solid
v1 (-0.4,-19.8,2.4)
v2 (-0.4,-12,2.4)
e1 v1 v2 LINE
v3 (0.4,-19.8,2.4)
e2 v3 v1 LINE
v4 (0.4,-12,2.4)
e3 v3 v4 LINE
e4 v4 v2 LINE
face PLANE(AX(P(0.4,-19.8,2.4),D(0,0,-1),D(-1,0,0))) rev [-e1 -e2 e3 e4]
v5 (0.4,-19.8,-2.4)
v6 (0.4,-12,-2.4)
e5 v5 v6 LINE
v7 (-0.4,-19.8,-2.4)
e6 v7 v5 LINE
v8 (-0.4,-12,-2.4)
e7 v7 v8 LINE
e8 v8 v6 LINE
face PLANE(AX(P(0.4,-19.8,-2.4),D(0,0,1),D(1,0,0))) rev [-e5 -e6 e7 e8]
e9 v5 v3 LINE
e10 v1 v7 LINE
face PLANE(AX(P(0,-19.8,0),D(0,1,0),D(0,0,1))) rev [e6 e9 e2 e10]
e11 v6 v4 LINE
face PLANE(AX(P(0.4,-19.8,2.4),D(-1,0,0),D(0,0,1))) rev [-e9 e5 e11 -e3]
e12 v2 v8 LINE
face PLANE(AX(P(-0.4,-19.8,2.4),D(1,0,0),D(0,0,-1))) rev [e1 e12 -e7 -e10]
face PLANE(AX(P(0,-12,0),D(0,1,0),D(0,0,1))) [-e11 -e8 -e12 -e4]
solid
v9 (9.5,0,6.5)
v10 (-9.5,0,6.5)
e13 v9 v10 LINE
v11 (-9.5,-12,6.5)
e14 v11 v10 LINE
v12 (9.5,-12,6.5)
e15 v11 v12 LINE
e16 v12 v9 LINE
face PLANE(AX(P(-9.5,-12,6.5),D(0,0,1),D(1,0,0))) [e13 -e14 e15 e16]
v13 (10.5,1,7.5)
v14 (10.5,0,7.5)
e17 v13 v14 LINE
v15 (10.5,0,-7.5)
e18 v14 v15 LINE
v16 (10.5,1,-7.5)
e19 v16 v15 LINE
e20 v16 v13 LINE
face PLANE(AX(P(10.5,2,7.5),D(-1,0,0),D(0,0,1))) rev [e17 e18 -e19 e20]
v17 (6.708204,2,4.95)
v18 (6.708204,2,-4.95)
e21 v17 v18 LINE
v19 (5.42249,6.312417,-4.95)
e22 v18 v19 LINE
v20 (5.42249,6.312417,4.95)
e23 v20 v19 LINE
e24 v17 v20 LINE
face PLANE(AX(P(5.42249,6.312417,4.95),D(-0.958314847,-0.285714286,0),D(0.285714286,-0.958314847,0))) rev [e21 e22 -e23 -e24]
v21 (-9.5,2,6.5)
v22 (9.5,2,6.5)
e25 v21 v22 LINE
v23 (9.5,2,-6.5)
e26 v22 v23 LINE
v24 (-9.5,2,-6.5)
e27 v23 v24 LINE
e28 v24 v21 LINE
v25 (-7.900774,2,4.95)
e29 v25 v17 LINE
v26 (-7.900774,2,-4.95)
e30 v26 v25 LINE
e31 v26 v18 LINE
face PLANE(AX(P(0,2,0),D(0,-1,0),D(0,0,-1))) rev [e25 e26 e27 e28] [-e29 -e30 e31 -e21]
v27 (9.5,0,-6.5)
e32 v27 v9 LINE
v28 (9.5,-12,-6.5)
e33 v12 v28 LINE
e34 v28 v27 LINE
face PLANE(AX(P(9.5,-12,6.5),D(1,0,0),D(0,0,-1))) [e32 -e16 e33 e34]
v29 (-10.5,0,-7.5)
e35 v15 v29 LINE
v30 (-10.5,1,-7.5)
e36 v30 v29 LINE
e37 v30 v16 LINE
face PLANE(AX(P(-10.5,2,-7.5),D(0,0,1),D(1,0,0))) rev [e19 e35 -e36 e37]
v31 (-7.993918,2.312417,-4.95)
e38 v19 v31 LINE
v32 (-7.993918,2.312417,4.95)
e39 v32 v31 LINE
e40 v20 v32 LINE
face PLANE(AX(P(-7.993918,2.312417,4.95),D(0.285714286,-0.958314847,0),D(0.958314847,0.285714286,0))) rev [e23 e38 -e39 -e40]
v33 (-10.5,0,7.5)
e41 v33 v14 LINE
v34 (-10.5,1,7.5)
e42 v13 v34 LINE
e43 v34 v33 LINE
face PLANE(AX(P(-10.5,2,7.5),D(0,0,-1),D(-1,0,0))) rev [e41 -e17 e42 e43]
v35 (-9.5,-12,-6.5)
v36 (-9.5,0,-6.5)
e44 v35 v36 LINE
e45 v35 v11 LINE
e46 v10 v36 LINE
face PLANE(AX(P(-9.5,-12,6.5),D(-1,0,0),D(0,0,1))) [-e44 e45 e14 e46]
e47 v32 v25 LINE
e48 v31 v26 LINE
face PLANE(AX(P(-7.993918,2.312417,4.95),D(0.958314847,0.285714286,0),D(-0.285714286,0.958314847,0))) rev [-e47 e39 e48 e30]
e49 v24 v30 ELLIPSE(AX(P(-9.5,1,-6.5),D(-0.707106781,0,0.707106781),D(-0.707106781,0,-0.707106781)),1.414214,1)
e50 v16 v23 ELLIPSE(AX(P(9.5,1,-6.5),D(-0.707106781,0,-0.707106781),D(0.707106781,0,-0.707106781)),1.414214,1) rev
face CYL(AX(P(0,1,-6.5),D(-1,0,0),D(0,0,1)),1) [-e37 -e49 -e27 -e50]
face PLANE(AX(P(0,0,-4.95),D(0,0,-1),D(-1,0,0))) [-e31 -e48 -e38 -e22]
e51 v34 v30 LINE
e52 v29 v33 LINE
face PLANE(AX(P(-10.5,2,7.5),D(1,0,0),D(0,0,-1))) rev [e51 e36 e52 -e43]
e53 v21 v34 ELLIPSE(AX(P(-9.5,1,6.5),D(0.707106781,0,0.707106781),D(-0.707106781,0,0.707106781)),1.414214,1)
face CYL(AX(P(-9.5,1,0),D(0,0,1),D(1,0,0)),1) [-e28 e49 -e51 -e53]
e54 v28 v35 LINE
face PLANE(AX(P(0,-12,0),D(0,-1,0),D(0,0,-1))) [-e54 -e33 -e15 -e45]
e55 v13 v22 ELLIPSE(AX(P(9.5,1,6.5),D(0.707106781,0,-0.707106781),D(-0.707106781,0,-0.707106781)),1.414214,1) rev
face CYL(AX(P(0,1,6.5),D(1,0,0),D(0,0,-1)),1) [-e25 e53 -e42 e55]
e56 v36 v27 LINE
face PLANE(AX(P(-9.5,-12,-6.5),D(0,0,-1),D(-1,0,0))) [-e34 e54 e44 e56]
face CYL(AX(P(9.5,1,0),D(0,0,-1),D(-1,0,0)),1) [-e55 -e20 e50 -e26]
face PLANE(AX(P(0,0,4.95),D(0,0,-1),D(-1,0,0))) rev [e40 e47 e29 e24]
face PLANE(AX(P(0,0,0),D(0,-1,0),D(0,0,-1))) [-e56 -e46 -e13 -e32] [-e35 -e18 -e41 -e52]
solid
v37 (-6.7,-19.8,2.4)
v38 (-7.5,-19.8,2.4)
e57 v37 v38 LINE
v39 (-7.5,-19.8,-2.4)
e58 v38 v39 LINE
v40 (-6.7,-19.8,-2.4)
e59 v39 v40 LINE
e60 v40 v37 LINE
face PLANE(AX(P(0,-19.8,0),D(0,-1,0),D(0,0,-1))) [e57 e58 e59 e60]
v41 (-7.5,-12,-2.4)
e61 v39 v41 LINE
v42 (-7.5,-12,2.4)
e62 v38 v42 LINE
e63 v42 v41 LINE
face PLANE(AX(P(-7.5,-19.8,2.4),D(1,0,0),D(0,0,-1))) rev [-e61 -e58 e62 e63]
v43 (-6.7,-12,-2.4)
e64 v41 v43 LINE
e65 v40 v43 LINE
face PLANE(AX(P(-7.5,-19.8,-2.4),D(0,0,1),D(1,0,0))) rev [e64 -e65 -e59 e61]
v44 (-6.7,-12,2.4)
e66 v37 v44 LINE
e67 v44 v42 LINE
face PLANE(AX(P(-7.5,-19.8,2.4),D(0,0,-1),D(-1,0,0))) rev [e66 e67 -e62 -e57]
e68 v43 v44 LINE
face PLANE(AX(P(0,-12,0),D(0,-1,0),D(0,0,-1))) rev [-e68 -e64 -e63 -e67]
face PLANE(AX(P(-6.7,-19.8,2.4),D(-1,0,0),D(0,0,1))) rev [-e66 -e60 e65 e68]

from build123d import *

# Parameters (mm, degrees)
ESQUISSE1_W          = 21
ESQUISSE1_H          = 15
BOSS_EXTRU_1_DEPTH   = 2
ESQUISSE2_W          = 19
ESQUISSE2_H          = 13
BOSS_EXTRU_2_DEPTH   = 14
ESQUISSE3_W          = 0.8
ESQUISSE3_H          = 4.8
BOSS_EXTRU_3_DEPTH   = 7.8
BOSS_EXTRU_3_2_DEPTH = 7.8
CONG_1_R             = 1
BOSS_EXTRU_4_DEPTH   = 4.95


with BuildPart() as part:
    # Esquisse1 → Boss.-Extru.1 (new body)
    with BuildSketch(Plane(origin=(0, 0, 0), x_dir=(1, 0, 0), z_dir=(0, 1, 0))):
        Rectangle(ESQUISSE1_W, ESQUISSE1_H)
    extrude(amount=BOSS_EXTRU_1_DEPTH)

    # Esquisse2 → Boss.-Extru.2 (add)
    with BuildSketch(Plane(origin=(0, 2, 0), x_dir=(1, 0, 0), z_dir=(0, 1, 0))):
        Rectangle(ESQUISSE2_W, ESQUISSE2_H)
    extrude(amount=-BOSS_EXTRU_2_DEPTH)

    # Congé1
    cong_1_edges = [part.edges().sort_by_distance(p)[0] for p in [
        (-10.5, 2, 0),
        (0, 2, 7.5),
        (10.5, 2, 0),
        (0, 2, -7.5),
    ]]
    fillet(cong_1_edges, radius=CONG_1_R)

    # Esquisse4 → Boss.-Extru.4 (add, symmetric)
    with BuildSketch(Plane.XY):
        Polygon((-7.993918218, 2.312416814), (-6.708203932, -2), (6.708203932, 2), (5.422489647, 6.312416814), align=None)
    extrude(amount=BOSS_EXTRU_4_DEPTH, both=True)


with BuildPart() as body_2:
    # Esquisse3 → Boss.-Extru.3 (new body)
    with BuildSketch(Plane.XZ.offset(12)):
        with Locations((-7.1, 0)):
            Rectangle(ESQUISSE3_W, ESQUISSE3_H)
    extrude(amount=BOSS_EXTRU_3_DEPTH)


with BuildPart() as body_3:
    # Esquisse3 → Boss.-Extru.3 2 (new body)
    with BuildSketch(Plane.XZ.offset(12)):
        Rectangle(ESQUISSE3_W, ESQUISSE3_H)
    extrude(amount=BOSS_EXTRU_3_2_DEPTH)


solid = Compound([part.part, body_2.part, body_3.part])
